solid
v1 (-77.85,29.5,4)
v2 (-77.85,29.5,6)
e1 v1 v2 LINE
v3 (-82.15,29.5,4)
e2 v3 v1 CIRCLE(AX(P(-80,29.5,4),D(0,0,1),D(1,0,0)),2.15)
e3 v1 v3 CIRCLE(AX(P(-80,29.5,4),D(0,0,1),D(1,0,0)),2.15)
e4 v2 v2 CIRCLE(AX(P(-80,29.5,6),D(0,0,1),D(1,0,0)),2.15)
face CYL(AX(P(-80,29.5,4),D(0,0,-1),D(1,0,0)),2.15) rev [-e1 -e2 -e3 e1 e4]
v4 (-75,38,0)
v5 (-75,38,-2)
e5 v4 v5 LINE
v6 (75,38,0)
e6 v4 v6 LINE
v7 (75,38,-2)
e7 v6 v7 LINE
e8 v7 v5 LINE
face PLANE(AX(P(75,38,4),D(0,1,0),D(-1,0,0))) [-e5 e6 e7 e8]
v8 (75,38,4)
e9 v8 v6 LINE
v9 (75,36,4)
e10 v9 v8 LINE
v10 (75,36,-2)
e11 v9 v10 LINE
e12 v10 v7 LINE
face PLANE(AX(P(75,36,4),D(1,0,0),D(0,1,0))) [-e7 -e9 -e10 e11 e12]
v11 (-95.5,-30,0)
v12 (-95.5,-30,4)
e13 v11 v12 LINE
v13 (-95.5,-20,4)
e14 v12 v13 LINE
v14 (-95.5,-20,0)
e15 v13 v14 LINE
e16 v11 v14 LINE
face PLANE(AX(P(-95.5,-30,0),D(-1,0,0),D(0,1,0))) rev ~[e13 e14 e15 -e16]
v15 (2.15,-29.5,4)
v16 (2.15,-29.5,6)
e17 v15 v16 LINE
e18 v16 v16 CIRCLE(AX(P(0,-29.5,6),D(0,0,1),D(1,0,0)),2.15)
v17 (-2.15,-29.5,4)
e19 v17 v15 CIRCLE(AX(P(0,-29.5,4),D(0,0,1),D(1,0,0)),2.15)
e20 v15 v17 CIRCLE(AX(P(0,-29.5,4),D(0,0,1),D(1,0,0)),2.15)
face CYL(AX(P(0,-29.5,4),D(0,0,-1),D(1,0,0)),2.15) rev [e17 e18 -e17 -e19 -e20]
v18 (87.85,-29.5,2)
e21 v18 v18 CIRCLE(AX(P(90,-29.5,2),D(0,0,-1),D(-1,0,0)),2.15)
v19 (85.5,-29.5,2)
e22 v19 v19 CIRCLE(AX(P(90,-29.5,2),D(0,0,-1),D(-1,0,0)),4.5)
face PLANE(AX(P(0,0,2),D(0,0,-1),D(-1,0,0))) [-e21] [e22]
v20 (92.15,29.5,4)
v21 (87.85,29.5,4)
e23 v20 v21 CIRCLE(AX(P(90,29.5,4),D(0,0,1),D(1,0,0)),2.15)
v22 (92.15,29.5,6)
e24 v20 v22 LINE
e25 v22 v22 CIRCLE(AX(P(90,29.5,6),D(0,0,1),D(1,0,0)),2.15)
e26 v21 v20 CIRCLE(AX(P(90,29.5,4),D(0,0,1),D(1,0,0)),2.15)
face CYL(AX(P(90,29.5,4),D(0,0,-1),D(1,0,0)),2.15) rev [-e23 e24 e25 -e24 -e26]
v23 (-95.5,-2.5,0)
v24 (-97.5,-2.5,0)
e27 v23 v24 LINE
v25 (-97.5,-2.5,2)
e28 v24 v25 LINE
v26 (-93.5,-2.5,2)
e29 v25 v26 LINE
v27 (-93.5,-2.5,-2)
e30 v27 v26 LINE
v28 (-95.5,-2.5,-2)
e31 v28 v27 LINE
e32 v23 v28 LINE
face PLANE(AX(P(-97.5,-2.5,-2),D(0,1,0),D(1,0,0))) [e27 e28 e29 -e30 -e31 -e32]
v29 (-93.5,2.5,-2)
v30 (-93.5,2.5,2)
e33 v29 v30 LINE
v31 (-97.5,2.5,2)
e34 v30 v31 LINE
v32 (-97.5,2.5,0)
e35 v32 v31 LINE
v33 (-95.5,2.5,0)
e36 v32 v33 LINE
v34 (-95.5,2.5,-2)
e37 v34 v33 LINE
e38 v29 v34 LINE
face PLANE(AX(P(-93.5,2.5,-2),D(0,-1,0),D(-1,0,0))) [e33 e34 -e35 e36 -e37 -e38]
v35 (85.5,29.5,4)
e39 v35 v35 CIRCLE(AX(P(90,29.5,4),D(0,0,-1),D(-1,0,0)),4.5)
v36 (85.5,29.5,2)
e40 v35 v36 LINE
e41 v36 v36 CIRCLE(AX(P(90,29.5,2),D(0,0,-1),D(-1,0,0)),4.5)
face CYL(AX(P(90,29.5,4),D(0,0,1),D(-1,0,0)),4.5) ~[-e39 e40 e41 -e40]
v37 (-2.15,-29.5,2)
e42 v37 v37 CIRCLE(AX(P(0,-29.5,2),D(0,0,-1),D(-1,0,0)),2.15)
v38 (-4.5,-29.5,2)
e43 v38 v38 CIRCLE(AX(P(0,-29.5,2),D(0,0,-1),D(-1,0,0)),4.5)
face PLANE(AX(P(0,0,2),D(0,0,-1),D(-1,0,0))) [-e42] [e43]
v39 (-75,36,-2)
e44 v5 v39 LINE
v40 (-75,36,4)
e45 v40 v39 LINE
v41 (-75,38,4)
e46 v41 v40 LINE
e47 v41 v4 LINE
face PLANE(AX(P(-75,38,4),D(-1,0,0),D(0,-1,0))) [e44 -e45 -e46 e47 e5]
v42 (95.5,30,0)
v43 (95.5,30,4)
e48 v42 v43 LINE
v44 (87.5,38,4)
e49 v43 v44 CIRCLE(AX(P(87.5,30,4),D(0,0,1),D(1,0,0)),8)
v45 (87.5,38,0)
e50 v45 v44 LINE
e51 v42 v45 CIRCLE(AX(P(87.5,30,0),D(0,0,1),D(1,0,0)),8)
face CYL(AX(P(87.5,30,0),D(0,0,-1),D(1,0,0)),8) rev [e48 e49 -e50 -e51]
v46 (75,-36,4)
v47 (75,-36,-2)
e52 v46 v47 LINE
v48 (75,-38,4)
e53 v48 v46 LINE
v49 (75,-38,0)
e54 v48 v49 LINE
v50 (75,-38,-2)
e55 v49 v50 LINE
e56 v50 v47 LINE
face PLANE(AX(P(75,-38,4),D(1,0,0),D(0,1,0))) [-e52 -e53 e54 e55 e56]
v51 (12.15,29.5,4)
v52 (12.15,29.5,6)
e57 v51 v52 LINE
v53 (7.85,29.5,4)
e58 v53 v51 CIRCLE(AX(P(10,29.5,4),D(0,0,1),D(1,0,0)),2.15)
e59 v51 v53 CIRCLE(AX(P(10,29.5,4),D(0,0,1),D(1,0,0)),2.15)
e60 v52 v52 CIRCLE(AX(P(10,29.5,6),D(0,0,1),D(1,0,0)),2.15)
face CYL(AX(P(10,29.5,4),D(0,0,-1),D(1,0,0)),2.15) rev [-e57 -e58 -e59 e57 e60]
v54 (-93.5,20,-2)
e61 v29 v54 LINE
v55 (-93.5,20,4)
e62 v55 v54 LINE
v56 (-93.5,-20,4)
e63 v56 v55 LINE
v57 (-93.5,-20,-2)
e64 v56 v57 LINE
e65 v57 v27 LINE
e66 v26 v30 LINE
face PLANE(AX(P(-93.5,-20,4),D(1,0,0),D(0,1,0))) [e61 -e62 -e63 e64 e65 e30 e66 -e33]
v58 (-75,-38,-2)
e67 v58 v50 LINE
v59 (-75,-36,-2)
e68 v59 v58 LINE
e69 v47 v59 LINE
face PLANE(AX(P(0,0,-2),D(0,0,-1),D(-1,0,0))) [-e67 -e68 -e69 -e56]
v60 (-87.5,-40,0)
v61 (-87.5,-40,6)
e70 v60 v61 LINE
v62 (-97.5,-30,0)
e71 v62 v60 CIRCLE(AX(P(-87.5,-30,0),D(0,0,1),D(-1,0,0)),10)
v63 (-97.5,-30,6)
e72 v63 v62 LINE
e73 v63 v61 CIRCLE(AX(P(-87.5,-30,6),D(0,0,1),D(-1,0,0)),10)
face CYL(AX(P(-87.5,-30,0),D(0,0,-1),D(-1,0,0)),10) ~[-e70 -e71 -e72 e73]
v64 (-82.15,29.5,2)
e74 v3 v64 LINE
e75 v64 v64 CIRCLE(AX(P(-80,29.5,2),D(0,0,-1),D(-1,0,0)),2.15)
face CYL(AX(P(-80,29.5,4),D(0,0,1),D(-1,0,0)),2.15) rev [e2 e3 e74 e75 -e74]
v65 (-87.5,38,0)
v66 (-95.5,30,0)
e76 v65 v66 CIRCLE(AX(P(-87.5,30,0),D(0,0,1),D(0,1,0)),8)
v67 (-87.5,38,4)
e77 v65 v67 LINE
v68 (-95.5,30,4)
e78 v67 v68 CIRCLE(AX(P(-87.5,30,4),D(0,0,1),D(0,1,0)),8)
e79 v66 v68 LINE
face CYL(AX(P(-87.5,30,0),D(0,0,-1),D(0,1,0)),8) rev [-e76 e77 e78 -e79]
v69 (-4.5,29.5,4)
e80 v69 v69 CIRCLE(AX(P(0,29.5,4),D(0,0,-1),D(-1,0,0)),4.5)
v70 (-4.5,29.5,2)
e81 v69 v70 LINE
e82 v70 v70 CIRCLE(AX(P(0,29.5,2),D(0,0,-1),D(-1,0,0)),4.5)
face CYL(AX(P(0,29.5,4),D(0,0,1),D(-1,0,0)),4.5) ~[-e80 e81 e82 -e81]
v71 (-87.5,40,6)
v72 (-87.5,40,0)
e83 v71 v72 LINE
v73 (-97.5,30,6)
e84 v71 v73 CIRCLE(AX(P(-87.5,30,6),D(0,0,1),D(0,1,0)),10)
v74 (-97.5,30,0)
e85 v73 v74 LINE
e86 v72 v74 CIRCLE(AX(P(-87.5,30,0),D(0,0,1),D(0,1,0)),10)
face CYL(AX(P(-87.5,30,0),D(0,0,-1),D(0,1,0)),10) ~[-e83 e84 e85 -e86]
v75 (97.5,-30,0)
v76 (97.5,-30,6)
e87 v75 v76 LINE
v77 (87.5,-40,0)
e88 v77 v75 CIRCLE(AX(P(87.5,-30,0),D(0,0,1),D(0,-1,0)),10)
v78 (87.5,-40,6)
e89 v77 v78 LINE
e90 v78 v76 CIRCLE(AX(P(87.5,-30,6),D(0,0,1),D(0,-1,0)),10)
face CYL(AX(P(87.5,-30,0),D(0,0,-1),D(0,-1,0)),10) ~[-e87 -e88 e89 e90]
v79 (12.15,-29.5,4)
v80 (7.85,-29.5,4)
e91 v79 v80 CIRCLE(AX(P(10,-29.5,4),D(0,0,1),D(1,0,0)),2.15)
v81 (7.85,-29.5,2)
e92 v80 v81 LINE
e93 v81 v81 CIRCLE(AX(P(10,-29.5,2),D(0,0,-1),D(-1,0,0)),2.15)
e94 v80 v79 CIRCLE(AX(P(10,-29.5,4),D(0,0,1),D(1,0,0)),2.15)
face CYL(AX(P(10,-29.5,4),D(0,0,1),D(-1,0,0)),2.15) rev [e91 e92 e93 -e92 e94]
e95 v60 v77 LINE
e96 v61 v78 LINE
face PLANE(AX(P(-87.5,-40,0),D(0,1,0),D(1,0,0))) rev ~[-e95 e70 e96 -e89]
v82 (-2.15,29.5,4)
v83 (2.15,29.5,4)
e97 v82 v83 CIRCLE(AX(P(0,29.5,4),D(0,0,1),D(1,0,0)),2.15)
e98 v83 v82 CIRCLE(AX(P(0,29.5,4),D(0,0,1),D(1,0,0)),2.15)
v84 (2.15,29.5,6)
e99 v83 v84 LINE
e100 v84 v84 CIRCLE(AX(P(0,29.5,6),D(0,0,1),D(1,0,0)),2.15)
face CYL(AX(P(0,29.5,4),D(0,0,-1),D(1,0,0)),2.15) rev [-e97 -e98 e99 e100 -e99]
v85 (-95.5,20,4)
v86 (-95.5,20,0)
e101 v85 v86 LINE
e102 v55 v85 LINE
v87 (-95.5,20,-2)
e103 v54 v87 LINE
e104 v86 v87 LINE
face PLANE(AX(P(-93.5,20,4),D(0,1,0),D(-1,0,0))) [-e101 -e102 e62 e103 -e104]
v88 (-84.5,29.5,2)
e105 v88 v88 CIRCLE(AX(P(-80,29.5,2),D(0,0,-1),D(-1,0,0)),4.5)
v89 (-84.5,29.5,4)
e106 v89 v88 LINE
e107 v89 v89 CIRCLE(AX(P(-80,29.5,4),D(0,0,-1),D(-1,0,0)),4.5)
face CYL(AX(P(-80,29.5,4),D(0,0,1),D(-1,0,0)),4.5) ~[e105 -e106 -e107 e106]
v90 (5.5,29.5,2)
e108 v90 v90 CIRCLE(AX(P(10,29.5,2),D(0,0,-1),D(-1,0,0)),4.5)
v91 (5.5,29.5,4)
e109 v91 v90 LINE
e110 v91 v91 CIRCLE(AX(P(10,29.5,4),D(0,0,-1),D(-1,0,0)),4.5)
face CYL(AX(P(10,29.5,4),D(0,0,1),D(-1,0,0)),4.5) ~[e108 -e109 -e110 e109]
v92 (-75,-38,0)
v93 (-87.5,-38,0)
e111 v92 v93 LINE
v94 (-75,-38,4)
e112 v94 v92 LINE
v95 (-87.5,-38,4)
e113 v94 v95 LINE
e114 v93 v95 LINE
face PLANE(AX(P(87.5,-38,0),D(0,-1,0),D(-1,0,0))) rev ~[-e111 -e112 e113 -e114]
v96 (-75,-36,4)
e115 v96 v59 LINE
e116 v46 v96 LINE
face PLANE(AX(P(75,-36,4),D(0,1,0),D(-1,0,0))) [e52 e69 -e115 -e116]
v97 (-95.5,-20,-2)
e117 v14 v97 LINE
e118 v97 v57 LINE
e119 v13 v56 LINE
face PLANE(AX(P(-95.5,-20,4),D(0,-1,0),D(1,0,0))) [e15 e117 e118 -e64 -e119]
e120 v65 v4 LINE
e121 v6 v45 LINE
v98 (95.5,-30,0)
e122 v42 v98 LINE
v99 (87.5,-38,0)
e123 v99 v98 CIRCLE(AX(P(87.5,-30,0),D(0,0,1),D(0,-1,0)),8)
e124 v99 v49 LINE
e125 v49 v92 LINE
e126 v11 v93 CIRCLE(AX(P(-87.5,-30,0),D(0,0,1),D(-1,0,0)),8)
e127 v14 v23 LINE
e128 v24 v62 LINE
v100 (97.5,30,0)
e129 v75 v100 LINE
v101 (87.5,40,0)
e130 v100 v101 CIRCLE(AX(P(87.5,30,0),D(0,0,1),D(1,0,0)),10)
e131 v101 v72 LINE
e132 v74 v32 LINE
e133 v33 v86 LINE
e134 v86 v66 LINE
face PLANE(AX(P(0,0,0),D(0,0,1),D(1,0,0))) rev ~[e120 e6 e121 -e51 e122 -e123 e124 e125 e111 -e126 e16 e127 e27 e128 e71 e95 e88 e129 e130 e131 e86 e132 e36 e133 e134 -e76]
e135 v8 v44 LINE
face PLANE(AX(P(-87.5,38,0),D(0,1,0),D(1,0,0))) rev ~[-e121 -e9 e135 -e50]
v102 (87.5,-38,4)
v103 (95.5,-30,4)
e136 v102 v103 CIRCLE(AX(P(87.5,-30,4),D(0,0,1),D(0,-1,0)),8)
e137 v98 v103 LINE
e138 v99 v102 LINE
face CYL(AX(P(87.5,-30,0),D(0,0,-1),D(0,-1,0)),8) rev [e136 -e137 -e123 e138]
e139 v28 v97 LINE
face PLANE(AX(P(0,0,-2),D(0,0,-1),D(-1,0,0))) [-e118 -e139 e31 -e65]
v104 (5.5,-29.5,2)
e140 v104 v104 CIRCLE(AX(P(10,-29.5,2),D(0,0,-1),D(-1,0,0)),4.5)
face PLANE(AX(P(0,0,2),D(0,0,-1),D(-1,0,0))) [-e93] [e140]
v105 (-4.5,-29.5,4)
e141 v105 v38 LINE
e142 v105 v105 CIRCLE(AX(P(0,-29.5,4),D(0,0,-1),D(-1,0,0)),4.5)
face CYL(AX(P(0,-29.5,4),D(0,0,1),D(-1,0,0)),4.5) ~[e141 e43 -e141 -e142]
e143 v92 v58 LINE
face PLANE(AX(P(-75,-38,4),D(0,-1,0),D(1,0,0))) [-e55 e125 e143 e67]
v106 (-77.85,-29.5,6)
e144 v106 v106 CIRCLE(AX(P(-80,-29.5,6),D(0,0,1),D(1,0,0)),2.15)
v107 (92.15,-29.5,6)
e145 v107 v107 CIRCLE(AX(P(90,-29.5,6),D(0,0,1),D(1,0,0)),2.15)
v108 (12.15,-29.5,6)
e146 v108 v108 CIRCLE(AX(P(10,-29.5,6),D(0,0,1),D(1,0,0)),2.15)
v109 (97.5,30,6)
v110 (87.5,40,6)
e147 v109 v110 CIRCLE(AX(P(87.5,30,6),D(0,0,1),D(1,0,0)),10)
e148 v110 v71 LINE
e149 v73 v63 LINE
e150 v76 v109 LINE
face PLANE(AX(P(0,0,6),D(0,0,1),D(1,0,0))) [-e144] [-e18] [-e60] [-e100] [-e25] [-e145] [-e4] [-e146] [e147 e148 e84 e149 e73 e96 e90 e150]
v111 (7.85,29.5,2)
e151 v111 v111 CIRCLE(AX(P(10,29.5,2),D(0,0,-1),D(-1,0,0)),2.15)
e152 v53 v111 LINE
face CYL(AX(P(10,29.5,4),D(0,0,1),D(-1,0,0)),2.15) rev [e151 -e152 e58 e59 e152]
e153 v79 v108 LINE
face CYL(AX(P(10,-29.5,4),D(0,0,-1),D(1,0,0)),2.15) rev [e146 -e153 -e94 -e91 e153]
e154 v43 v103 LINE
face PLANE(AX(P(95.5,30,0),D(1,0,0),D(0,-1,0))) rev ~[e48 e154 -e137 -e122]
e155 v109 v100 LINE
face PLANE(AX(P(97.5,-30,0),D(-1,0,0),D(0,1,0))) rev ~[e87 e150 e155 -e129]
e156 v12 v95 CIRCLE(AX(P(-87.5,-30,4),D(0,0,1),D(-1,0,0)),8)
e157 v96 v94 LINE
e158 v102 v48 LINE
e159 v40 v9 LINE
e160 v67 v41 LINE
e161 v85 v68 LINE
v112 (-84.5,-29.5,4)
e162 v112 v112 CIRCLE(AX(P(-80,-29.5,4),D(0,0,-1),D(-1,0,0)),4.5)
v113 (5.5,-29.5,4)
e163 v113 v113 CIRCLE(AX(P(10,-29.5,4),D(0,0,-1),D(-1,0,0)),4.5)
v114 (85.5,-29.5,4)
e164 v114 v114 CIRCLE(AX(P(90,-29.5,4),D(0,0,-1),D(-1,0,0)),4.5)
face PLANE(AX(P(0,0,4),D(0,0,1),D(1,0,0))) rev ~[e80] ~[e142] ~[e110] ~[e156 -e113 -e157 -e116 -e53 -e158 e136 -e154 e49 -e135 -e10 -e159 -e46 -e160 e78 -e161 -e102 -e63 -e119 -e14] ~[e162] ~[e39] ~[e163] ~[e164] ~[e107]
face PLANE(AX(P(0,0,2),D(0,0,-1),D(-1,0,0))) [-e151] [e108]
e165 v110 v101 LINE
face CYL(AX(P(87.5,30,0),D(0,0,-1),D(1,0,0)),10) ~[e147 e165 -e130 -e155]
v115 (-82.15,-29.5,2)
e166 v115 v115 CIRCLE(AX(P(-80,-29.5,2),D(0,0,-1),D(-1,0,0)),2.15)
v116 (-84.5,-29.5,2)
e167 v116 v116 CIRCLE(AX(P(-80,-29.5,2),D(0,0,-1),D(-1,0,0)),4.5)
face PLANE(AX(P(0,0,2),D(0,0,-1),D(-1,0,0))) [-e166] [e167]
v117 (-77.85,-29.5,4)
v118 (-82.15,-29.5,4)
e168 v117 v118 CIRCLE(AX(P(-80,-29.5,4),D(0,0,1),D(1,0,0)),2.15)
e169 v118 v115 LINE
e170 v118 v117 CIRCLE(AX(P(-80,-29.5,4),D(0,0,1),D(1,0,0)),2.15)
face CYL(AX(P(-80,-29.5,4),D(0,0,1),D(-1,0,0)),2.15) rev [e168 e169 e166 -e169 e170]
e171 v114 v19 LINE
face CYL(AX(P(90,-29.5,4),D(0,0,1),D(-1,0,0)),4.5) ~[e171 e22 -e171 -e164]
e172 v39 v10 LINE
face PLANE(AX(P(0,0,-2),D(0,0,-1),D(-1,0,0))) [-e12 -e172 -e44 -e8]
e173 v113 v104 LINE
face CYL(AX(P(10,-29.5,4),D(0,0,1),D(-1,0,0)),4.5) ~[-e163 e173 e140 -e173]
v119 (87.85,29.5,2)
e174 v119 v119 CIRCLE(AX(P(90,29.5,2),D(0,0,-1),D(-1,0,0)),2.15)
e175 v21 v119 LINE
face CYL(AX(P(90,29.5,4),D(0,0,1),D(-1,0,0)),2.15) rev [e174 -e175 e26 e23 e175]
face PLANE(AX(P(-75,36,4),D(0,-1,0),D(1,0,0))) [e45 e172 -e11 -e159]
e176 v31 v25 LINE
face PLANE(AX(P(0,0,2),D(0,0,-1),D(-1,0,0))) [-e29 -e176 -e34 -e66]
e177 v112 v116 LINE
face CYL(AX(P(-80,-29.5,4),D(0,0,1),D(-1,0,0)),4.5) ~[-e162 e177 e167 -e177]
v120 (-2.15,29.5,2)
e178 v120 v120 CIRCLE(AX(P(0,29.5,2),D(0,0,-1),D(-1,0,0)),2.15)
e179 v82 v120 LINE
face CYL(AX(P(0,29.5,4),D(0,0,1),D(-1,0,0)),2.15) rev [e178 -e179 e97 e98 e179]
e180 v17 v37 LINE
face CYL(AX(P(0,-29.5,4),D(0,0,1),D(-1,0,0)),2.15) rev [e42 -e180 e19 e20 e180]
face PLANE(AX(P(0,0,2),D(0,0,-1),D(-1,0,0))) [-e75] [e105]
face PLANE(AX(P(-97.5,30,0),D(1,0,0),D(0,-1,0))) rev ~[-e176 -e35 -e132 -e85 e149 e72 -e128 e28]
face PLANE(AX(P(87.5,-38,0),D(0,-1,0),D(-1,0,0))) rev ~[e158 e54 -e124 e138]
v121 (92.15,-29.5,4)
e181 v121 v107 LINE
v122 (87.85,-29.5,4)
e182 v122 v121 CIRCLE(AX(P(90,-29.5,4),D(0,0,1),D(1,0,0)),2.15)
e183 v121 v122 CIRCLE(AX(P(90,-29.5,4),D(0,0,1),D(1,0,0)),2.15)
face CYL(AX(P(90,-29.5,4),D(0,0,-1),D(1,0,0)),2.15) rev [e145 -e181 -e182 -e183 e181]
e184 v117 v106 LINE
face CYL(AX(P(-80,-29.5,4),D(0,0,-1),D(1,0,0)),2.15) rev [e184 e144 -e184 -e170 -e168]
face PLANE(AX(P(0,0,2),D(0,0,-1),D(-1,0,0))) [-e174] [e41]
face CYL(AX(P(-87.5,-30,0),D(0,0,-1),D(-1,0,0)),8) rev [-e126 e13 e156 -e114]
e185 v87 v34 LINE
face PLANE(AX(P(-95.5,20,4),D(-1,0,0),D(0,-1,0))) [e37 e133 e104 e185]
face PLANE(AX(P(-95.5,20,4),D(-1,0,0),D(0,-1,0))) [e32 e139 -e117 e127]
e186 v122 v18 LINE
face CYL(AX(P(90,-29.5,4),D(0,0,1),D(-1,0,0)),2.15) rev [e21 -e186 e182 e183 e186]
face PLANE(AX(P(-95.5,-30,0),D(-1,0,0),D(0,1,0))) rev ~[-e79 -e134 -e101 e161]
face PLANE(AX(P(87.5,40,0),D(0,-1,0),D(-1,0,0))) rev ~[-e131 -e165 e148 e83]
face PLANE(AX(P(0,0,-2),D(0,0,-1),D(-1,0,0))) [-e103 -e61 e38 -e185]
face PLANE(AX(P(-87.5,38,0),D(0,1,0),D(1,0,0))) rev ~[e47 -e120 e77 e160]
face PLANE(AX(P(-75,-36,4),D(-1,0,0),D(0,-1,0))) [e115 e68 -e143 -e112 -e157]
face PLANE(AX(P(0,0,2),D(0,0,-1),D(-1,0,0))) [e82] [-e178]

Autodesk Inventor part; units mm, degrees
ref_plane "YZ Plane" through (0, 0, 0) normal (1, 0, 0) x (0, 1, 0)
ref_plane "XZ Plane" through (0, 0, 0) normal (0, 1, 0) x (-1, 0, 0)
ref_plane "XY Plane" through (0, 0, 0) normal (0, 0, 1) x (1, 0, 0)
ref_plane "Work Plane1" through (0, 0, 0) normal (0, 0, 1) x (1, 0, 0)
sketch "Sketch1" plane through (0, 0, 0) normal (0, 0, 1) x (1, 0, 0)
  arc A0 (87.5, -38) -> (95.5, -30) centre (87.5, -30) ccw projected
  line L0 (87.5, -38) -> (-87.5, -38) projected
  arc A1 (-95.5, -30) -> (-87.5, -38) centre (-87.5, -30) ccw projected
  line L1 (-95.5, -30) -> (-95.5, 30) projected
  arc A2 (-87.5, 38) -> (-95.5, 30) centre (-87.5, 30) ccw projected
  line L2 (-87.5, 38) -> (87.5, 38) projected
  arc A3 (95.5, 30) -> (87.5, 38) centre (87.5, 30) ccw projected
  line L3 (95.5, 30) -> (95.5, -30) projected
  line L4 (-87.5, -40) -> (87.5, -40) projected
  arc A4 (87.5, -40) -> (97.5, -30) centre (87.5, -30) ccw projected
  line L5 (97.5, -30) -> (97.5, 30) projected
  arc A5 (97.5, 30) -> (87.5, 40) centre (87.5, 30) ccw projected
  line L6 (87.5, 40) -> (-87.5, 40) projected
  arc A6 (-87.5, 40) -> (-97.5, 30) centre (-87.5, 30) ccw projected
  line L7 (-97.5, 30) -> (-97.5, -30) projected
  arc A7 (-97.5, -30) -> (-87.5, -40) centre (-87.5, -30) ccw projected
  point P0 (0, 0)
extrude "Extrusion1" add sketch "Sketch1" along normal blind 4
sketch "Sketch2" plane through (0, 0, 4) normal (0, 0, 1) x (1, 0, 0)
  arc A0 (87.5, -40) -> (97.5, -30) centre (87.5, -30) ccw projected
  line L0 (97.5, -30) -> (97.5, 30) projected
  arc A1 (97.5, 30) -> (87.5, 40) centre (87.5, 30) ccw projected
  line L1 (87.5, 40) -> (-87.5, 40) projected
  arc A2 (-87.5, 40) -> (-97.5, 30) centre (-87.5, 30) ccw projected
  line L2 (-97.5, 30) -> (-97.5, -30) projected
  arc A3 (-97.5, -30) -> (-87.5, -40) centre (-87.5, -30) ccw projected
  line L3 (-87.5, -40) -> (87.5, -40) projected
  line L4 (-95.5, -30) -> (-95.5, 30) projected
  arc A4 (-87.5, 38) -> (-95.5, 30) centre (-87.5, 30) ccw projected
  line L5 (-87.5, 38) -> (87.5, 38) projected
  arc A5 (95.5, 30) -> (87.5, 38) centre (87.5, 30) ccw projected
  line L6 (95.5, 30) -> (95.5, -30) projected
  arc A6 (87.5, -38) -> (95.5, -30) centre (87.5, -30) ccw projected
  line L7 (87.5, -38) -> (-87.5, -38) projected
  arc A7 (-95.5, -30) -> (-87.5, -38) centre (-87.5, -30) ccw projected
  circle A8 centre (-80, -29.5) radius 2.15 projected
  circle A9 centre (0, -29.5) radius 2.15 projected
  circle A10 centre (-80, 29.5) radius 2.15 projected
  circle A11 centre (0, 29.5) radius 2.15 projected
  circle A12 centre (10, 29.5) radius 2.15 projected
  circle A13 centre (10, -29.5) radius 2.15 projected
  circle A14 centre (90, -29.5) radius 2.15 projected
  circle A15 centre (90, 29.5) radius 2.15 projected
  circle A16 centre (-80, 29.5) radius 1.75
  circle A17 centre (-80, -29.5) radius 1.75
  circle A18 centre (0, -29.5) radius 1.75
  circle A19 centre (10, -29.5) radius 1.75
  circle A20 centre (0, 29.5) radius 1.75
  circle A21 centre (10, 29.5) radius 1.75
  circle A22 centre (90, 29.5) radius 1.75
  circle A23 centre (90, -29.5) radius 1.75
  point P0 (0, 0)
  dimension "d2" = 3.5
  dimension "d3" = 3.5
  dimension "d4" = 3.5
  dimension "d5" = 3.5
  dimension "d6" = 3.5
  dimension "d7" = 3.5
  dimension "d8" = 3.5
  dimension "d9" = 3.5
extrude "Extrusion2" add sketch "Sketch2" along normal blind 2 contours L3 A3 L2 A2 L1 A1 L0 A0 | L4 A4 L5 A5 L6 A6 L7 A7
sketch "Sketch3" plane through (0, 0, 4) normal (0, 0, -1) x (-1, 0, 0)
  circle A0 centre (80, 29.5) radius 2.15 projected
  circle A1 centre (80, 29.5) radius 4.5
  circle A2 centre (80, -29.5) radius 2.15 projected
  circle A3 centre (80, -29.5) radius 4.5
  circle A4 centre (0, 29.5) radius 2.15 projected
  circle A5 centre (0, 29.5) radius 4.5
  circle A6 centre (0, -29.5) radius 2.15 projected
  circle A7 centre (0, -29.5) radius 4.5
  circle A8 centre (-10, 29.5) radius 2.15 projected
  circle A9 centre (-10, 29.5) radius 4.5
  circle A10 centre (-10, -29.5) radius 2.15 projected
  circle A11 centre (-10, -29.5) radius 4.5
  circle A12 centre (-90, 29.5) radius 2.15 projected
  circle A13 centre (-90, 29.5) radius 4.5
  circle A14 centre (-90, -29.5) radius 2.15 projected
  circle A15 centre (-90, -29.5) radius 4.5
  point P0 (0, 0)
  dimension "d17" = 9
extrude "Extrusion3" add sketch "Sketch3" along normal blind 2
sketch "Sketch4" plane through (0, 0, 4) normal (0, 0, -1) x (-1, 0, 0)
  line L0 (75, 36) -> (-75, 36)
  line L1 (-75, 36) -> (-75, 38)
  line L2 (-75, 38) -> (75, 38)
  line L3 (75, 38) -> (75, 36)
  line L4 (87.5, 38) -> (-87.5, 38) projected
  line L5 (-75, -36) -> (75, -36)
  line L6 (75, -38) -> (-75, -38)
  line L7 (75, -36) -> (75, -38)
  line L8 (-75, -38) -> (-75, -36)
  line L9 (-95.5, 20) -> (-93.5, 20)
  line L10 (-93.5, 20) -> (-93.5, -20)
  line L11 (-93.5, -20) -> (-95.5, -20)
  line L12 (-95.5, -20) -> (-95.5, 20)
  line L13 (-95.5, 30) -> (-95.5, -30) projected
  line L14 (93.5, 20) -> (95.5, 20)
  line L15 (95.5, 20) -> (95.5, -20)
  line L16 (95.5, -20) -> (93.5, -20)
  line L17 (93.5, -20) -> (93.5, 20)
  line L18 (95.5, -30) -> (95.5, 30) projected
  point P0 (0, 0)
  point P1 (0, 38)
  point P2 (0, -38)
  point P3 (-95.5, 0)
  point P4 (95.5, 0)
  dimension "d22" = 2
  dimension "d23" = 150
  dimension "d26" = 360
  dimension "d30" = 2
  dimension "d31" = 40
extrude "Extrusion4" add sketch "Sketch4" along normal blind 6 contours L0 L1 L2 L3 | L5 L7 L6 L8 | L14 L15 L16 L17
sketch "Sketch7" plane through (0, 0, -2) normal (0, 0, -1) x (-1, 0, 0)
  line L0 (93.5, -20) -> (93.5, 20) projected
  line L1 (97.5, 30) -> (97.5, -30) projected
  line L2 (93.5, 2.5) -> (97.5, 2.5)
  line L3 (97.5, 2.5) -> (97.5, -2.5)
  line L4 (97.5, -2.5) -> (93.5, -2.5)
  line L5 (93.5, -2.5) -> (93.5, 2.5)
  point P0 (0, 0)
  point P1 (93.5, 0)
  dimension "d38" = 5
extrude "Extrusion7" cut sketch "Sketch7" against normal blind 4
properties part number "led 7 seg v3_bottom"
